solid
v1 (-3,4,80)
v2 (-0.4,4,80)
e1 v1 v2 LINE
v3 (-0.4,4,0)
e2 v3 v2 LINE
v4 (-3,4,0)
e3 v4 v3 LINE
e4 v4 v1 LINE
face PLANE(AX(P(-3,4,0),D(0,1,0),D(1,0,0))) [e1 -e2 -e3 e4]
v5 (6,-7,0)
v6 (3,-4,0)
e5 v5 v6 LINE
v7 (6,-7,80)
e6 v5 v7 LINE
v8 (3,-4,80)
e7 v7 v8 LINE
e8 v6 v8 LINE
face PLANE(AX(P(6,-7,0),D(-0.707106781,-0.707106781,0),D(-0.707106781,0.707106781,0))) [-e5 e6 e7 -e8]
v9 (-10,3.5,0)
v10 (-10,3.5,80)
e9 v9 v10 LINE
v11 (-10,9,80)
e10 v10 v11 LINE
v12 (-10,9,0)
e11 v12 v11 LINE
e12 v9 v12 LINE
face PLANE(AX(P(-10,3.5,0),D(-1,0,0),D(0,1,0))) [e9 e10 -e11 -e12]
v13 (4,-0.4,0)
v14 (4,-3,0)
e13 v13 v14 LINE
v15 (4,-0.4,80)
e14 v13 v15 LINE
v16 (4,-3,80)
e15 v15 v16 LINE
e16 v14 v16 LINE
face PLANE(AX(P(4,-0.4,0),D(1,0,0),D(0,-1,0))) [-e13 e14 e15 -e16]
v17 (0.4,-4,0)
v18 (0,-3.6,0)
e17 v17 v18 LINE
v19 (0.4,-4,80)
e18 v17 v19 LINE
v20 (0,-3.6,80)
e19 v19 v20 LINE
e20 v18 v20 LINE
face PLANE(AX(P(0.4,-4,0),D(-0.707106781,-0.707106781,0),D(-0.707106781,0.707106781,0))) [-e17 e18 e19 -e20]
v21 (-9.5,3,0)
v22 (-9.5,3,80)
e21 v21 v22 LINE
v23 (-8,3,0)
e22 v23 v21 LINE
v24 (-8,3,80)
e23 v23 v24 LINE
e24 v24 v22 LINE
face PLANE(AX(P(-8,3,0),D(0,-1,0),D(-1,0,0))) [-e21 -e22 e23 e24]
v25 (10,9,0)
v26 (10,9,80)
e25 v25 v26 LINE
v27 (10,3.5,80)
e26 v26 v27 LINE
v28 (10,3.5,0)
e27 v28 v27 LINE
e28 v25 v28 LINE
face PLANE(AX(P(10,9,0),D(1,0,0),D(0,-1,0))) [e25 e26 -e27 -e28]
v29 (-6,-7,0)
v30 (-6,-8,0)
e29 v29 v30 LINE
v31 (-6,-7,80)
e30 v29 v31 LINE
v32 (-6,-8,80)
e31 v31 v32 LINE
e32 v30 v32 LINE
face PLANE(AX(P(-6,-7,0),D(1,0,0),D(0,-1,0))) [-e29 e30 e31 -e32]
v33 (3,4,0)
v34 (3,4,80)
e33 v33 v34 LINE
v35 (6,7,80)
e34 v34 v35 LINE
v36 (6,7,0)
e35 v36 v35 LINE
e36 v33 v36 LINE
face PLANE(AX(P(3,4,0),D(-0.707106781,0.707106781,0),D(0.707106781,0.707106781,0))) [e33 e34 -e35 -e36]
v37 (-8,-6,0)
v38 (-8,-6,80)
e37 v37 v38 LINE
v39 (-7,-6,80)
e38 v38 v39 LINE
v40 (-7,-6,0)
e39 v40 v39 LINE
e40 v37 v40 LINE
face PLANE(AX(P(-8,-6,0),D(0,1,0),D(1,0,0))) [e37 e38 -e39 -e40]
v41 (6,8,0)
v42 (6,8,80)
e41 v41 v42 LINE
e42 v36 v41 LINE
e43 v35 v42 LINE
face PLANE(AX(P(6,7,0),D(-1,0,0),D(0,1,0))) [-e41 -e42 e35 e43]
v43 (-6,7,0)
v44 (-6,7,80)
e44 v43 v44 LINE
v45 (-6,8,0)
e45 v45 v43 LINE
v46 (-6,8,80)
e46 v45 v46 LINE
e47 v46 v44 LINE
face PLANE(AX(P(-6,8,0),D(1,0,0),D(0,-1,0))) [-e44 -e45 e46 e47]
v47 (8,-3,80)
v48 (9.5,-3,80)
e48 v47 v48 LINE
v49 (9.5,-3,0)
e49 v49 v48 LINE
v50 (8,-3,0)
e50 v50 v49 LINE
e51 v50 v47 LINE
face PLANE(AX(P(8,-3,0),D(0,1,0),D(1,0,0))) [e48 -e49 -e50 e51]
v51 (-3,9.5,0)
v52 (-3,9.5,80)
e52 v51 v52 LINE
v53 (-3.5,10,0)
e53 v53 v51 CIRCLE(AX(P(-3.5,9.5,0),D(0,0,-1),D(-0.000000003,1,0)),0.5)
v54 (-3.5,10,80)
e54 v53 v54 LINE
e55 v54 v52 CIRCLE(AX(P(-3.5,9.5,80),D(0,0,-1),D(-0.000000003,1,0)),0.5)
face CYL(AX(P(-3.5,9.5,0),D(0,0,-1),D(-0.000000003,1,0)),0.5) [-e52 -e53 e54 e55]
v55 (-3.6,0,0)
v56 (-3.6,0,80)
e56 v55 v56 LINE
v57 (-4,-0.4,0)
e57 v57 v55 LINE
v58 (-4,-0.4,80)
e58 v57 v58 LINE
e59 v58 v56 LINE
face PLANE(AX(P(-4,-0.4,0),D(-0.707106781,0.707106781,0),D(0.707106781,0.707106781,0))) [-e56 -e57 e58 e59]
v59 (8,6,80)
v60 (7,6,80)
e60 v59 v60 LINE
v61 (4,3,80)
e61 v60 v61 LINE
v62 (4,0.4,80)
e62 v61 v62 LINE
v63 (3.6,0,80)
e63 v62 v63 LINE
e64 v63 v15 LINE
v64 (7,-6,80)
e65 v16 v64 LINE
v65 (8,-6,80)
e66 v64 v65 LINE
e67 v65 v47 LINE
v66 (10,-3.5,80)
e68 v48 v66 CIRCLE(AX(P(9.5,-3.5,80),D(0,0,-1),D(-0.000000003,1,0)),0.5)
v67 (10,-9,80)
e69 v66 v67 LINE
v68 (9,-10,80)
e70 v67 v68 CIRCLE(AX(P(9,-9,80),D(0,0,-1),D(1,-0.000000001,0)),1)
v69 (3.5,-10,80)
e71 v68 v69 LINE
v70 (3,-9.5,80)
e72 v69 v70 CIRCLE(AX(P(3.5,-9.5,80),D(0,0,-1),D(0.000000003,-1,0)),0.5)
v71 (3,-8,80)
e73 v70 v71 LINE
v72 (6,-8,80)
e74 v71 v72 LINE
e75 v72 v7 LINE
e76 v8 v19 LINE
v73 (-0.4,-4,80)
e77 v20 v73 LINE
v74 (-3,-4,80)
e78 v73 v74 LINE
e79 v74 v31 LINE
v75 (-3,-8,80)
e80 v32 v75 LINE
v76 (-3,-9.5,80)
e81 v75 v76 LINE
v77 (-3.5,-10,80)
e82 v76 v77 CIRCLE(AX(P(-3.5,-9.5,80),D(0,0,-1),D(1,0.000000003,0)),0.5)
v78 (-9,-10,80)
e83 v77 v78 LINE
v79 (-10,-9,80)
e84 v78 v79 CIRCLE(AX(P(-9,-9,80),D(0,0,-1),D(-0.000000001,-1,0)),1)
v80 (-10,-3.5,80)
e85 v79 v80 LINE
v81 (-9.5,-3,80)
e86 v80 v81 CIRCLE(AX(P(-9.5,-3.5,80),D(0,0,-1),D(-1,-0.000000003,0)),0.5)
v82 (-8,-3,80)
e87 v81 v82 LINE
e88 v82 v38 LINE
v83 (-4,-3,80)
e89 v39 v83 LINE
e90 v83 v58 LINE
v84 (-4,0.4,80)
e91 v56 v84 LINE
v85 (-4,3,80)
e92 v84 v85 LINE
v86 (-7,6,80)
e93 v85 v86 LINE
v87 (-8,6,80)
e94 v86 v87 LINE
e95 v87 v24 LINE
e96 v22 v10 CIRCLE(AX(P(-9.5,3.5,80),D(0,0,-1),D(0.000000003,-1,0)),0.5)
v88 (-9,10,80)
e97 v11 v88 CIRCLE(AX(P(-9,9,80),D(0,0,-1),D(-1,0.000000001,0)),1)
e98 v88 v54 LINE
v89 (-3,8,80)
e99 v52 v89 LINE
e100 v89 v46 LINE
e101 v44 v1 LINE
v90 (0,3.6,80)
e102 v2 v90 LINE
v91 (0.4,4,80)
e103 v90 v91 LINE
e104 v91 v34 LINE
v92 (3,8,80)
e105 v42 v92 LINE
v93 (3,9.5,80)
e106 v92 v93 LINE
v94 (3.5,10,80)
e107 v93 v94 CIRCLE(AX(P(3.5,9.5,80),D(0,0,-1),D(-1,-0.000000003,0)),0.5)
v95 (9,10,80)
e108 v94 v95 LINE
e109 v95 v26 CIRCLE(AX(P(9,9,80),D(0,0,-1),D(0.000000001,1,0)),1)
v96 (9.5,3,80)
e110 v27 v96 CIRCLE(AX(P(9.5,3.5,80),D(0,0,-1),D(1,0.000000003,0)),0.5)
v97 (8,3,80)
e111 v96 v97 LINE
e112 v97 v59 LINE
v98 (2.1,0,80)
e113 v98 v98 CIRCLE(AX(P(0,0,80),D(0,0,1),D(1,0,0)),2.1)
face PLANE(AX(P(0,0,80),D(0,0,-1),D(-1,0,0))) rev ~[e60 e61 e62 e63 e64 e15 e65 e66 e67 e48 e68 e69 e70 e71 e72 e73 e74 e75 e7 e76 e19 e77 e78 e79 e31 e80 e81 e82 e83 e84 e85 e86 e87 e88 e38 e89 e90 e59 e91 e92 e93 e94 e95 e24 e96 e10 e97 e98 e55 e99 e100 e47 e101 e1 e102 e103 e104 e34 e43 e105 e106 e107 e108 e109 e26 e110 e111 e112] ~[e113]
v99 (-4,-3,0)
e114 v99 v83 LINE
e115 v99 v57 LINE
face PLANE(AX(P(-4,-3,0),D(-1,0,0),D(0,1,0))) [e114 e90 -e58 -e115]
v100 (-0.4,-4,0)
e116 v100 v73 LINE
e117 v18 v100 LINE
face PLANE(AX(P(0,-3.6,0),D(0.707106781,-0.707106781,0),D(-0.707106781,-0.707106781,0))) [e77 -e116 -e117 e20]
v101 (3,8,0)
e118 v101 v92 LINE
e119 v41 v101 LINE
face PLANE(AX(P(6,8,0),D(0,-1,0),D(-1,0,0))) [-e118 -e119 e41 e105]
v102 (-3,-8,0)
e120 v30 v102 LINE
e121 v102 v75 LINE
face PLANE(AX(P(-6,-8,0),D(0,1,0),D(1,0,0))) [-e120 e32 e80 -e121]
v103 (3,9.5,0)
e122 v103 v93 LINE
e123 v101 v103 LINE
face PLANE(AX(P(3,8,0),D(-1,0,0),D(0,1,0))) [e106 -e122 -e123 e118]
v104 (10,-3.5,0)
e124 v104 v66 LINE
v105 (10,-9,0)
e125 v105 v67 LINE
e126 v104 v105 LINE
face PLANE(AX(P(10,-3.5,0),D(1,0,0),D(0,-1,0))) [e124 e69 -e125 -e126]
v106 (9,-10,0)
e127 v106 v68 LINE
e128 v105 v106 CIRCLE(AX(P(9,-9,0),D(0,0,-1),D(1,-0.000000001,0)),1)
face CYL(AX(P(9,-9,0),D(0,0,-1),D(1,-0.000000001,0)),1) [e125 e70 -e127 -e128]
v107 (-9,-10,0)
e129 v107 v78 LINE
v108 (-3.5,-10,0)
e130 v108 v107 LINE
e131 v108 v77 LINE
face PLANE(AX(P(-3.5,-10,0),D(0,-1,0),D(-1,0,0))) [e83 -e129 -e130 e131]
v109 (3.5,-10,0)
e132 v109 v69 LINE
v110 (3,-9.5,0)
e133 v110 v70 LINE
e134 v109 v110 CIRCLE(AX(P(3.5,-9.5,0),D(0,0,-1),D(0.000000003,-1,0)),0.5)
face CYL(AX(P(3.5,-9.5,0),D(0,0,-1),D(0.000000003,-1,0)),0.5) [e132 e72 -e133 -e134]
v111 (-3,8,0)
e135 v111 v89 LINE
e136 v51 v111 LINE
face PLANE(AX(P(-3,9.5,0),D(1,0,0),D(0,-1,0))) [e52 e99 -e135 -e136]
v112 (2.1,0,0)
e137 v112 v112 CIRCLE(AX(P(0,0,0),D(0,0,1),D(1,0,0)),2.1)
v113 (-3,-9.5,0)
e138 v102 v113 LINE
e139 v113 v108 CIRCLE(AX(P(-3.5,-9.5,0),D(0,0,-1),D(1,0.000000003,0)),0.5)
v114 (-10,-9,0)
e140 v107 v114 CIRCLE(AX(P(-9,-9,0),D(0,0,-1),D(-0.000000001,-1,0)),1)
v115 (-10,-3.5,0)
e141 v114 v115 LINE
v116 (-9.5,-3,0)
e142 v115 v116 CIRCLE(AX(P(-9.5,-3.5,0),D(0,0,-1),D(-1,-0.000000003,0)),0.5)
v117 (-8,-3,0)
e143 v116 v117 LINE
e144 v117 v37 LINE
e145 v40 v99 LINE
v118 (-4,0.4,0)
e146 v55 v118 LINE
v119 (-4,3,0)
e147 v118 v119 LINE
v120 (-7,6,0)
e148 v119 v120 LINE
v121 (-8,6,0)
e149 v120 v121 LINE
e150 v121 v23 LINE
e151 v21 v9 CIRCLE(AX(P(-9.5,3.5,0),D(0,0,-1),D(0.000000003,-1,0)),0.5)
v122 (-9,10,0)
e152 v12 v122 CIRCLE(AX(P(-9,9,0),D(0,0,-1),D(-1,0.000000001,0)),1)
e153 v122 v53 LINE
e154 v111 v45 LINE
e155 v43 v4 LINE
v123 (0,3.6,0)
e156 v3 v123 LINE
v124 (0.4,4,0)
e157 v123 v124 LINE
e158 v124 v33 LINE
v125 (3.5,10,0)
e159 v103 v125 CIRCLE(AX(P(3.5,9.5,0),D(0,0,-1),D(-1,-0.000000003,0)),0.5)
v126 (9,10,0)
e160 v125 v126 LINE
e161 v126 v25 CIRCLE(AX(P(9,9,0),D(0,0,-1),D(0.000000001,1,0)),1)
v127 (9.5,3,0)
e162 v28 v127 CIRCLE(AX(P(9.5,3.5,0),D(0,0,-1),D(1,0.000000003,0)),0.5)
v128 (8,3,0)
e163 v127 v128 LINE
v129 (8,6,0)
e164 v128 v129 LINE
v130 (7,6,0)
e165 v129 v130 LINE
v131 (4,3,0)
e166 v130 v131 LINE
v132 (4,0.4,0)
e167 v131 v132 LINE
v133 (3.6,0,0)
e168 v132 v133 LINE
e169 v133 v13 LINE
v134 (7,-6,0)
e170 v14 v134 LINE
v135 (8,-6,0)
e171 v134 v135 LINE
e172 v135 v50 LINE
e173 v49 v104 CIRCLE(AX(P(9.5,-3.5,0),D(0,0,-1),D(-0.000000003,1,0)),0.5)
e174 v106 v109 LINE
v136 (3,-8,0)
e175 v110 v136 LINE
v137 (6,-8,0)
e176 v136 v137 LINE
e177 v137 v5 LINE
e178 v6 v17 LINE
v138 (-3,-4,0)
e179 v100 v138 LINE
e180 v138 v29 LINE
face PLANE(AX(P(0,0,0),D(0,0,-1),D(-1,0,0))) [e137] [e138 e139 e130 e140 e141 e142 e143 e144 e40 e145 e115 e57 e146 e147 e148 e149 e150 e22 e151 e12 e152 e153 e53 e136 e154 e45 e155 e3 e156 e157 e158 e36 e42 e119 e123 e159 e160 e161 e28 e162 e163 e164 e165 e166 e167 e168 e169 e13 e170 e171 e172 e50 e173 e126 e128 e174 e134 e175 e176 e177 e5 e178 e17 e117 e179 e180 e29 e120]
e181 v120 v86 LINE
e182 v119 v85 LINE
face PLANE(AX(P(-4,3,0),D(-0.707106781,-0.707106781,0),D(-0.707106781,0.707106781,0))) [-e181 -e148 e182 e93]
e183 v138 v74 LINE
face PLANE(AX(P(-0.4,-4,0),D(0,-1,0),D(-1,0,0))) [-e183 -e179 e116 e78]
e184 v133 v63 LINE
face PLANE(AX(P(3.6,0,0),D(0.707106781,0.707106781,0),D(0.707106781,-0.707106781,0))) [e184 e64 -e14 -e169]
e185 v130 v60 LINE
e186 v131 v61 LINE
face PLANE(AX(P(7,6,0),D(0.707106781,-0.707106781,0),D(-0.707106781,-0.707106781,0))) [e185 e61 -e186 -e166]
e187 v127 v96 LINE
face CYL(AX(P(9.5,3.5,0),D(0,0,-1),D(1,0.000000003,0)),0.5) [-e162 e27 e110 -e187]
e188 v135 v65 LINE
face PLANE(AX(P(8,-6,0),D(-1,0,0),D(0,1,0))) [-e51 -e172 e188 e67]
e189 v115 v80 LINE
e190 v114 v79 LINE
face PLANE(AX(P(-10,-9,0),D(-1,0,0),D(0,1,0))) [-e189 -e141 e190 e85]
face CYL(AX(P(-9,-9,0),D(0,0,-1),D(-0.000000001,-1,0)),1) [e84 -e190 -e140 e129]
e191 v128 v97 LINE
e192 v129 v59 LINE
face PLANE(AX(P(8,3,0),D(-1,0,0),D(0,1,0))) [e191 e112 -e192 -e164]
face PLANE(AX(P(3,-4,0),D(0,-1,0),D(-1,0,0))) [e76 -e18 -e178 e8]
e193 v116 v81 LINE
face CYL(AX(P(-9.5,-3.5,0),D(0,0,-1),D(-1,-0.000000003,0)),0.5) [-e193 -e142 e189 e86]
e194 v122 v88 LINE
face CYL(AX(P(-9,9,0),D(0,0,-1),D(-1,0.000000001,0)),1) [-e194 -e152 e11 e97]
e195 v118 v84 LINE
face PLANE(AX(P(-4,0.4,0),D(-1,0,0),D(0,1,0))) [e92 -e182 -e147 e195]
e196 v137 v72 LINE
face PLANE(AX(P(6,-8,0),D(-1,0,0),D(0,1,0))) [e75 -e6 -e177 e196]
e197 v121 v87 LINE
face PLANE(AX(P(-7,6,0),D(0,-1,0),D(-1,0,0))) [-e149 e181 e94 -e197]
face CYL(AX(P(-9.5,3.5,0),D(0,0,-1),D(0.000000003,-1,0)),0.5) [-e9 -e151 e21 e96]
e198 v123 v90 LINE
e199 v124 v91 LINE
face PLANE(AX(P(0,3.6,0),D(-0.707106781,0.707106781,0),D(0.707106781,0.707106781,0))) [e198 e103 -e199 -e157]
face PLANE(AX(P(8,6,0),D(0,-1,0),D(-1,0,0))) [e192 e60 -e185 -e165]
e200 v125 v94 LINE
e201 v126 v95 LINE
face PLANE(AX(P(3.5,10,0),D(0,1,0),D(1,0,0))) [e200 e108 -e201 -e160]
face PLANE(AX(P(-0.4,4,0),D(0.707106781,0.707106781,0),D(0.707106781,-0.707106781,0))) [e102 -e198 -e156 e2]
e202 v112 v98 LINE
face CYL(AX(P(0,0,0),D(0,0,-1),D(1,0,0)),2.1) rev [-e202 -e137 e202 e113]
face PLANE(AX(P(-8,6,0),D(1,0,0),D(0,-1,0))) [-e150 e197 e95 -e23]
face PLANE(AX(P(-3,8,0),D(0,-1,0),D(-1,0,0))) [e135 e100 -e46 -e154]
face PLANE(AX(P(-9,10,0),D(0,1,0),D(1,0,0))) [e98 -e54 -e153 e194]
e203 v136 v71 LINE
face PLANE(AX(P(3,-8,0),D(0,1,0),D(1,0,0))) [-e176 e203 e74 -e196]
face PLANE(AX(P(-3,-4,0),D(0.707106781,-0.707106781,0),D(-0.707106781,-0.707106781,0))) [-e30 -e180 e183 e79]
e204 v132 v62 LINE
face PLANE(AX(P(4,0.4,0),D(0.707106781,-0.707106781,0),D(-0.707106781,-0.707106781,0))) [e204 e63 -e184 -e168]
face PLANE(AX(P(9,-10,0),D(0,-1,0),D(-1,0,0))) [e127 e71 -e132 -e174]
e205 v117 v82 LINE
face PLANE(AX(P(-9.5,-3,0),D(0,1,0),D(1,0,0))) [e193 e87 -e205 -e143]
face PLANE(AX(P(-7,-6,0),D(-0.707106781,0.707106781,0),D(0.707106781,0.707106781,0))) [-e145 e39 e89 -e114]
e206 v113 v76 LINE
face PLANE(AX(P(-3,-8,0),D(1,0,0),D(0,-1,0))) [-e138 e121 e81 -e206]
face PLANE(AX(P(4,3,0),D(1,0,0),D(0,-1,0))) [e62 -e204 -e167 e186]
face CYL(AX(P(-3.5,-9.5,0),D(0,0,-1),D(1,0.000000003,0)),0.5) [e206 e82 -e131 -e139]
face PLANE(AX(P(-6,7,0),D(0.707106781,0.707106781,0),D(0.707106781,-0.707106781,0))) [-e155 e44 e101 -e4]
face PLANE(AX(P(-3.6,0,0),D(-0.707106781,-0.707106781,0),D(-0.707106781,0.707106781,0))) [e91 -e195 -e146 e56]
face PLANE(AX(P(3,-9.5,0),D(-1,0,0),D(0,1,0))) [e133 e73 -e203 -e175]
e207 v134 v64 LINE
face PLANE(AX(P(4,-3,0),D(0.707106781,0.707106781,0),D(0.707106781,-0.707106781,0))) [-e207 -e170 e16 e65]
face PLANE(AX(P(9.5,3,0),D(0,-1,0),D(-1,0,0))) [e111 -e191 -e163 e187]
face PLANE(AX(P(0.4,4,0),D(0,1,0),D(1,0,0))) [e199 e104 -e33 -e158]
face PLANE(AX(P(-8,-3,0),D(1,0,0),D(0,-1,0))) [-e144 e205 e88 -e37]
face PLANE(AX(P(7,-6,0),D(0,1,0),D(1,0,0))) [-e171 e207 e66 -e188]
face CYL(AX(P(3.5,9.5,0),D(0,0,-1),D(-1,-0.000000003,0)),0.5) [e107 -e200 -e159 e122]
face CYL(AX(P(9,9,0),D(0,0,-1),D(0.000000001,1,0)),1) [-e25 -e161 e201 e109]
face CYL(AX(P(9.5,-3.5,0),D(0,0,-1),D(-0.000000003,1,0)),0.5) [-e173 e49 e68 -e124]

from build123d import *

# Parameters (mm, degrees)
SCHIZZO1_R                   = 2.1
ESTRUSIONE_ESTRUSIONE1_DEPTH = 80


with BuildPart() as part:
    # Schizzo1 → Estrusione-Estrusione1 (new body)
    with BuildSketch(Plane.XY):
        with BuildLine():
            Line((-3.6, 0), (-4, 0.4))
            Line((-4, 0.4), (-4, 3))
            Line((-4, 3), (-7, 6))
            Line((-7, 6), (-8, 6))
            Line((-8, 6), (-8, 3))
            Line((-8, 3), (-9.5, 3))
            ThreePointArc((-9.5, 3), (-9.853553391, 3.146446609), (-10, 3.5))
            Line((-10, 3.5), (-10, 9))
            ThreePointArc((-10, 9), (-9.707106781, 9.707106781), (-9, 10))
            Line((-9, 10), (-3.5, 10))
            ThreePointArc((-3.5, 10), (-3.146446609, 9.853553391), (-3, 9.5))
            Line((-3, 9.5), (-3, 8))
            Line((-3, 8), (-6, 8))
            Line((-6, 8), (-6, 7))
            Line((-6, 7), (-3, 4))
            Line((-3, 4), (-0.4, 4))
            Line((-0.4, 4), (0, 3.6))
            Line((0, 3.6), (0.4, 4))
            Line((0.4, 4), (3, 4))
            Line((3, 4), (6, 7))
            Line((6, 7), (6, 8))
            Line((6, 8), (3, 8))
            Line((3, 8), (3, 9.5))
            ThreePointArc((3, 9.5), (3.146446609, 9.853553391), (3.5, 10))
            Line((3.5, 10), (9, 10))
            ThreePointArc((9, 10), (9.707106781, 9.707106781), (10, 9))
            Line((10, 9), (10, 3.5))
            ThreePointArc((10, 3.5), (9.853553391, 3.146446609), (9.5, 3))
            Line((9.5, 3), (8, 3))
            Line((8, 3), (8, 6))
            Line((8, 6), (7, 6))
            Line((7, 6), (4, 3))
            Line((4, 3), (4, 0.4))
            Line((4, 0.4), (3.6, 0))
            Line((3.6, 0), (4, -0.4))
            Line((4, -0.4), (4, -3))
            Line((4, -3), (7, -6))
            Line((7, -6), (8, -6))
            Line((8, -6), (8, -3))
            Line((8, -3), (9.5, -3))
            ThreePointArc((9.5, -3), (9.853553391, -3.146446609), (10, -3.5))
            Line((10, -3.5), (10, -9))
            ThreePointArc((10, -9), (9.707106781, -9.707106781), (9, -10))
            Line((9, -10), (3.5, -10))
            ThreePointArc((3.5, -10), (3.146446609, -9.853553391), (3, -9.5))
            Line((3, -9.5), (3, -8))
            Line((3, -8), (6, -8))
            Line((6, -8), (6, -7))
            Line((6, -7), (3, -4))
            Line((3, -4), (0.4, -4))
            Line((0.4, -4), (0, -3.6))
            Line((0, -3.6), (-0.4, -4))
            Line((-0.4, -4), (-3, -4))
            Line((-3, -4), (-6, -7))
            Line((-6, -7), (-6, -8))
            Line((-6, -8), (-3, -8))
            Line((-3, -8), (-3, -9.5))
            ThreePointArc((-3, -9.5), (-3.146446609, -9.853553391), (-3.5, -10))
            Line((-3.5, -10), (-9, -10))
            ThreePointArc((-9, -10), (-9.707106781, -9.707106781), (-10, -9))
            Line((-10, -9), (-10, -3.5))
            ThreePointArc((-10, -3.5), (-9.853553391, -3.146446609), (-9.5, -3))
            Line((-9.5, -3), (-8, -3))
            Line((-8, -3), (-8, -6))
            Line((-8, -6), (-7, -6))
            Line((-7, -6), (-4, -3))
            Line((-4, -3), (-4, -0.4))
            Line((-4, -0.4), (-3.6, 0))
        make_face()
        Circle(SCHIZZO1_R, mode=Mode.SUBTRACT)
    extrude(amount=ESTRUSIONE_ESTRUSIONE1_DEPTH)


solid = part.part
